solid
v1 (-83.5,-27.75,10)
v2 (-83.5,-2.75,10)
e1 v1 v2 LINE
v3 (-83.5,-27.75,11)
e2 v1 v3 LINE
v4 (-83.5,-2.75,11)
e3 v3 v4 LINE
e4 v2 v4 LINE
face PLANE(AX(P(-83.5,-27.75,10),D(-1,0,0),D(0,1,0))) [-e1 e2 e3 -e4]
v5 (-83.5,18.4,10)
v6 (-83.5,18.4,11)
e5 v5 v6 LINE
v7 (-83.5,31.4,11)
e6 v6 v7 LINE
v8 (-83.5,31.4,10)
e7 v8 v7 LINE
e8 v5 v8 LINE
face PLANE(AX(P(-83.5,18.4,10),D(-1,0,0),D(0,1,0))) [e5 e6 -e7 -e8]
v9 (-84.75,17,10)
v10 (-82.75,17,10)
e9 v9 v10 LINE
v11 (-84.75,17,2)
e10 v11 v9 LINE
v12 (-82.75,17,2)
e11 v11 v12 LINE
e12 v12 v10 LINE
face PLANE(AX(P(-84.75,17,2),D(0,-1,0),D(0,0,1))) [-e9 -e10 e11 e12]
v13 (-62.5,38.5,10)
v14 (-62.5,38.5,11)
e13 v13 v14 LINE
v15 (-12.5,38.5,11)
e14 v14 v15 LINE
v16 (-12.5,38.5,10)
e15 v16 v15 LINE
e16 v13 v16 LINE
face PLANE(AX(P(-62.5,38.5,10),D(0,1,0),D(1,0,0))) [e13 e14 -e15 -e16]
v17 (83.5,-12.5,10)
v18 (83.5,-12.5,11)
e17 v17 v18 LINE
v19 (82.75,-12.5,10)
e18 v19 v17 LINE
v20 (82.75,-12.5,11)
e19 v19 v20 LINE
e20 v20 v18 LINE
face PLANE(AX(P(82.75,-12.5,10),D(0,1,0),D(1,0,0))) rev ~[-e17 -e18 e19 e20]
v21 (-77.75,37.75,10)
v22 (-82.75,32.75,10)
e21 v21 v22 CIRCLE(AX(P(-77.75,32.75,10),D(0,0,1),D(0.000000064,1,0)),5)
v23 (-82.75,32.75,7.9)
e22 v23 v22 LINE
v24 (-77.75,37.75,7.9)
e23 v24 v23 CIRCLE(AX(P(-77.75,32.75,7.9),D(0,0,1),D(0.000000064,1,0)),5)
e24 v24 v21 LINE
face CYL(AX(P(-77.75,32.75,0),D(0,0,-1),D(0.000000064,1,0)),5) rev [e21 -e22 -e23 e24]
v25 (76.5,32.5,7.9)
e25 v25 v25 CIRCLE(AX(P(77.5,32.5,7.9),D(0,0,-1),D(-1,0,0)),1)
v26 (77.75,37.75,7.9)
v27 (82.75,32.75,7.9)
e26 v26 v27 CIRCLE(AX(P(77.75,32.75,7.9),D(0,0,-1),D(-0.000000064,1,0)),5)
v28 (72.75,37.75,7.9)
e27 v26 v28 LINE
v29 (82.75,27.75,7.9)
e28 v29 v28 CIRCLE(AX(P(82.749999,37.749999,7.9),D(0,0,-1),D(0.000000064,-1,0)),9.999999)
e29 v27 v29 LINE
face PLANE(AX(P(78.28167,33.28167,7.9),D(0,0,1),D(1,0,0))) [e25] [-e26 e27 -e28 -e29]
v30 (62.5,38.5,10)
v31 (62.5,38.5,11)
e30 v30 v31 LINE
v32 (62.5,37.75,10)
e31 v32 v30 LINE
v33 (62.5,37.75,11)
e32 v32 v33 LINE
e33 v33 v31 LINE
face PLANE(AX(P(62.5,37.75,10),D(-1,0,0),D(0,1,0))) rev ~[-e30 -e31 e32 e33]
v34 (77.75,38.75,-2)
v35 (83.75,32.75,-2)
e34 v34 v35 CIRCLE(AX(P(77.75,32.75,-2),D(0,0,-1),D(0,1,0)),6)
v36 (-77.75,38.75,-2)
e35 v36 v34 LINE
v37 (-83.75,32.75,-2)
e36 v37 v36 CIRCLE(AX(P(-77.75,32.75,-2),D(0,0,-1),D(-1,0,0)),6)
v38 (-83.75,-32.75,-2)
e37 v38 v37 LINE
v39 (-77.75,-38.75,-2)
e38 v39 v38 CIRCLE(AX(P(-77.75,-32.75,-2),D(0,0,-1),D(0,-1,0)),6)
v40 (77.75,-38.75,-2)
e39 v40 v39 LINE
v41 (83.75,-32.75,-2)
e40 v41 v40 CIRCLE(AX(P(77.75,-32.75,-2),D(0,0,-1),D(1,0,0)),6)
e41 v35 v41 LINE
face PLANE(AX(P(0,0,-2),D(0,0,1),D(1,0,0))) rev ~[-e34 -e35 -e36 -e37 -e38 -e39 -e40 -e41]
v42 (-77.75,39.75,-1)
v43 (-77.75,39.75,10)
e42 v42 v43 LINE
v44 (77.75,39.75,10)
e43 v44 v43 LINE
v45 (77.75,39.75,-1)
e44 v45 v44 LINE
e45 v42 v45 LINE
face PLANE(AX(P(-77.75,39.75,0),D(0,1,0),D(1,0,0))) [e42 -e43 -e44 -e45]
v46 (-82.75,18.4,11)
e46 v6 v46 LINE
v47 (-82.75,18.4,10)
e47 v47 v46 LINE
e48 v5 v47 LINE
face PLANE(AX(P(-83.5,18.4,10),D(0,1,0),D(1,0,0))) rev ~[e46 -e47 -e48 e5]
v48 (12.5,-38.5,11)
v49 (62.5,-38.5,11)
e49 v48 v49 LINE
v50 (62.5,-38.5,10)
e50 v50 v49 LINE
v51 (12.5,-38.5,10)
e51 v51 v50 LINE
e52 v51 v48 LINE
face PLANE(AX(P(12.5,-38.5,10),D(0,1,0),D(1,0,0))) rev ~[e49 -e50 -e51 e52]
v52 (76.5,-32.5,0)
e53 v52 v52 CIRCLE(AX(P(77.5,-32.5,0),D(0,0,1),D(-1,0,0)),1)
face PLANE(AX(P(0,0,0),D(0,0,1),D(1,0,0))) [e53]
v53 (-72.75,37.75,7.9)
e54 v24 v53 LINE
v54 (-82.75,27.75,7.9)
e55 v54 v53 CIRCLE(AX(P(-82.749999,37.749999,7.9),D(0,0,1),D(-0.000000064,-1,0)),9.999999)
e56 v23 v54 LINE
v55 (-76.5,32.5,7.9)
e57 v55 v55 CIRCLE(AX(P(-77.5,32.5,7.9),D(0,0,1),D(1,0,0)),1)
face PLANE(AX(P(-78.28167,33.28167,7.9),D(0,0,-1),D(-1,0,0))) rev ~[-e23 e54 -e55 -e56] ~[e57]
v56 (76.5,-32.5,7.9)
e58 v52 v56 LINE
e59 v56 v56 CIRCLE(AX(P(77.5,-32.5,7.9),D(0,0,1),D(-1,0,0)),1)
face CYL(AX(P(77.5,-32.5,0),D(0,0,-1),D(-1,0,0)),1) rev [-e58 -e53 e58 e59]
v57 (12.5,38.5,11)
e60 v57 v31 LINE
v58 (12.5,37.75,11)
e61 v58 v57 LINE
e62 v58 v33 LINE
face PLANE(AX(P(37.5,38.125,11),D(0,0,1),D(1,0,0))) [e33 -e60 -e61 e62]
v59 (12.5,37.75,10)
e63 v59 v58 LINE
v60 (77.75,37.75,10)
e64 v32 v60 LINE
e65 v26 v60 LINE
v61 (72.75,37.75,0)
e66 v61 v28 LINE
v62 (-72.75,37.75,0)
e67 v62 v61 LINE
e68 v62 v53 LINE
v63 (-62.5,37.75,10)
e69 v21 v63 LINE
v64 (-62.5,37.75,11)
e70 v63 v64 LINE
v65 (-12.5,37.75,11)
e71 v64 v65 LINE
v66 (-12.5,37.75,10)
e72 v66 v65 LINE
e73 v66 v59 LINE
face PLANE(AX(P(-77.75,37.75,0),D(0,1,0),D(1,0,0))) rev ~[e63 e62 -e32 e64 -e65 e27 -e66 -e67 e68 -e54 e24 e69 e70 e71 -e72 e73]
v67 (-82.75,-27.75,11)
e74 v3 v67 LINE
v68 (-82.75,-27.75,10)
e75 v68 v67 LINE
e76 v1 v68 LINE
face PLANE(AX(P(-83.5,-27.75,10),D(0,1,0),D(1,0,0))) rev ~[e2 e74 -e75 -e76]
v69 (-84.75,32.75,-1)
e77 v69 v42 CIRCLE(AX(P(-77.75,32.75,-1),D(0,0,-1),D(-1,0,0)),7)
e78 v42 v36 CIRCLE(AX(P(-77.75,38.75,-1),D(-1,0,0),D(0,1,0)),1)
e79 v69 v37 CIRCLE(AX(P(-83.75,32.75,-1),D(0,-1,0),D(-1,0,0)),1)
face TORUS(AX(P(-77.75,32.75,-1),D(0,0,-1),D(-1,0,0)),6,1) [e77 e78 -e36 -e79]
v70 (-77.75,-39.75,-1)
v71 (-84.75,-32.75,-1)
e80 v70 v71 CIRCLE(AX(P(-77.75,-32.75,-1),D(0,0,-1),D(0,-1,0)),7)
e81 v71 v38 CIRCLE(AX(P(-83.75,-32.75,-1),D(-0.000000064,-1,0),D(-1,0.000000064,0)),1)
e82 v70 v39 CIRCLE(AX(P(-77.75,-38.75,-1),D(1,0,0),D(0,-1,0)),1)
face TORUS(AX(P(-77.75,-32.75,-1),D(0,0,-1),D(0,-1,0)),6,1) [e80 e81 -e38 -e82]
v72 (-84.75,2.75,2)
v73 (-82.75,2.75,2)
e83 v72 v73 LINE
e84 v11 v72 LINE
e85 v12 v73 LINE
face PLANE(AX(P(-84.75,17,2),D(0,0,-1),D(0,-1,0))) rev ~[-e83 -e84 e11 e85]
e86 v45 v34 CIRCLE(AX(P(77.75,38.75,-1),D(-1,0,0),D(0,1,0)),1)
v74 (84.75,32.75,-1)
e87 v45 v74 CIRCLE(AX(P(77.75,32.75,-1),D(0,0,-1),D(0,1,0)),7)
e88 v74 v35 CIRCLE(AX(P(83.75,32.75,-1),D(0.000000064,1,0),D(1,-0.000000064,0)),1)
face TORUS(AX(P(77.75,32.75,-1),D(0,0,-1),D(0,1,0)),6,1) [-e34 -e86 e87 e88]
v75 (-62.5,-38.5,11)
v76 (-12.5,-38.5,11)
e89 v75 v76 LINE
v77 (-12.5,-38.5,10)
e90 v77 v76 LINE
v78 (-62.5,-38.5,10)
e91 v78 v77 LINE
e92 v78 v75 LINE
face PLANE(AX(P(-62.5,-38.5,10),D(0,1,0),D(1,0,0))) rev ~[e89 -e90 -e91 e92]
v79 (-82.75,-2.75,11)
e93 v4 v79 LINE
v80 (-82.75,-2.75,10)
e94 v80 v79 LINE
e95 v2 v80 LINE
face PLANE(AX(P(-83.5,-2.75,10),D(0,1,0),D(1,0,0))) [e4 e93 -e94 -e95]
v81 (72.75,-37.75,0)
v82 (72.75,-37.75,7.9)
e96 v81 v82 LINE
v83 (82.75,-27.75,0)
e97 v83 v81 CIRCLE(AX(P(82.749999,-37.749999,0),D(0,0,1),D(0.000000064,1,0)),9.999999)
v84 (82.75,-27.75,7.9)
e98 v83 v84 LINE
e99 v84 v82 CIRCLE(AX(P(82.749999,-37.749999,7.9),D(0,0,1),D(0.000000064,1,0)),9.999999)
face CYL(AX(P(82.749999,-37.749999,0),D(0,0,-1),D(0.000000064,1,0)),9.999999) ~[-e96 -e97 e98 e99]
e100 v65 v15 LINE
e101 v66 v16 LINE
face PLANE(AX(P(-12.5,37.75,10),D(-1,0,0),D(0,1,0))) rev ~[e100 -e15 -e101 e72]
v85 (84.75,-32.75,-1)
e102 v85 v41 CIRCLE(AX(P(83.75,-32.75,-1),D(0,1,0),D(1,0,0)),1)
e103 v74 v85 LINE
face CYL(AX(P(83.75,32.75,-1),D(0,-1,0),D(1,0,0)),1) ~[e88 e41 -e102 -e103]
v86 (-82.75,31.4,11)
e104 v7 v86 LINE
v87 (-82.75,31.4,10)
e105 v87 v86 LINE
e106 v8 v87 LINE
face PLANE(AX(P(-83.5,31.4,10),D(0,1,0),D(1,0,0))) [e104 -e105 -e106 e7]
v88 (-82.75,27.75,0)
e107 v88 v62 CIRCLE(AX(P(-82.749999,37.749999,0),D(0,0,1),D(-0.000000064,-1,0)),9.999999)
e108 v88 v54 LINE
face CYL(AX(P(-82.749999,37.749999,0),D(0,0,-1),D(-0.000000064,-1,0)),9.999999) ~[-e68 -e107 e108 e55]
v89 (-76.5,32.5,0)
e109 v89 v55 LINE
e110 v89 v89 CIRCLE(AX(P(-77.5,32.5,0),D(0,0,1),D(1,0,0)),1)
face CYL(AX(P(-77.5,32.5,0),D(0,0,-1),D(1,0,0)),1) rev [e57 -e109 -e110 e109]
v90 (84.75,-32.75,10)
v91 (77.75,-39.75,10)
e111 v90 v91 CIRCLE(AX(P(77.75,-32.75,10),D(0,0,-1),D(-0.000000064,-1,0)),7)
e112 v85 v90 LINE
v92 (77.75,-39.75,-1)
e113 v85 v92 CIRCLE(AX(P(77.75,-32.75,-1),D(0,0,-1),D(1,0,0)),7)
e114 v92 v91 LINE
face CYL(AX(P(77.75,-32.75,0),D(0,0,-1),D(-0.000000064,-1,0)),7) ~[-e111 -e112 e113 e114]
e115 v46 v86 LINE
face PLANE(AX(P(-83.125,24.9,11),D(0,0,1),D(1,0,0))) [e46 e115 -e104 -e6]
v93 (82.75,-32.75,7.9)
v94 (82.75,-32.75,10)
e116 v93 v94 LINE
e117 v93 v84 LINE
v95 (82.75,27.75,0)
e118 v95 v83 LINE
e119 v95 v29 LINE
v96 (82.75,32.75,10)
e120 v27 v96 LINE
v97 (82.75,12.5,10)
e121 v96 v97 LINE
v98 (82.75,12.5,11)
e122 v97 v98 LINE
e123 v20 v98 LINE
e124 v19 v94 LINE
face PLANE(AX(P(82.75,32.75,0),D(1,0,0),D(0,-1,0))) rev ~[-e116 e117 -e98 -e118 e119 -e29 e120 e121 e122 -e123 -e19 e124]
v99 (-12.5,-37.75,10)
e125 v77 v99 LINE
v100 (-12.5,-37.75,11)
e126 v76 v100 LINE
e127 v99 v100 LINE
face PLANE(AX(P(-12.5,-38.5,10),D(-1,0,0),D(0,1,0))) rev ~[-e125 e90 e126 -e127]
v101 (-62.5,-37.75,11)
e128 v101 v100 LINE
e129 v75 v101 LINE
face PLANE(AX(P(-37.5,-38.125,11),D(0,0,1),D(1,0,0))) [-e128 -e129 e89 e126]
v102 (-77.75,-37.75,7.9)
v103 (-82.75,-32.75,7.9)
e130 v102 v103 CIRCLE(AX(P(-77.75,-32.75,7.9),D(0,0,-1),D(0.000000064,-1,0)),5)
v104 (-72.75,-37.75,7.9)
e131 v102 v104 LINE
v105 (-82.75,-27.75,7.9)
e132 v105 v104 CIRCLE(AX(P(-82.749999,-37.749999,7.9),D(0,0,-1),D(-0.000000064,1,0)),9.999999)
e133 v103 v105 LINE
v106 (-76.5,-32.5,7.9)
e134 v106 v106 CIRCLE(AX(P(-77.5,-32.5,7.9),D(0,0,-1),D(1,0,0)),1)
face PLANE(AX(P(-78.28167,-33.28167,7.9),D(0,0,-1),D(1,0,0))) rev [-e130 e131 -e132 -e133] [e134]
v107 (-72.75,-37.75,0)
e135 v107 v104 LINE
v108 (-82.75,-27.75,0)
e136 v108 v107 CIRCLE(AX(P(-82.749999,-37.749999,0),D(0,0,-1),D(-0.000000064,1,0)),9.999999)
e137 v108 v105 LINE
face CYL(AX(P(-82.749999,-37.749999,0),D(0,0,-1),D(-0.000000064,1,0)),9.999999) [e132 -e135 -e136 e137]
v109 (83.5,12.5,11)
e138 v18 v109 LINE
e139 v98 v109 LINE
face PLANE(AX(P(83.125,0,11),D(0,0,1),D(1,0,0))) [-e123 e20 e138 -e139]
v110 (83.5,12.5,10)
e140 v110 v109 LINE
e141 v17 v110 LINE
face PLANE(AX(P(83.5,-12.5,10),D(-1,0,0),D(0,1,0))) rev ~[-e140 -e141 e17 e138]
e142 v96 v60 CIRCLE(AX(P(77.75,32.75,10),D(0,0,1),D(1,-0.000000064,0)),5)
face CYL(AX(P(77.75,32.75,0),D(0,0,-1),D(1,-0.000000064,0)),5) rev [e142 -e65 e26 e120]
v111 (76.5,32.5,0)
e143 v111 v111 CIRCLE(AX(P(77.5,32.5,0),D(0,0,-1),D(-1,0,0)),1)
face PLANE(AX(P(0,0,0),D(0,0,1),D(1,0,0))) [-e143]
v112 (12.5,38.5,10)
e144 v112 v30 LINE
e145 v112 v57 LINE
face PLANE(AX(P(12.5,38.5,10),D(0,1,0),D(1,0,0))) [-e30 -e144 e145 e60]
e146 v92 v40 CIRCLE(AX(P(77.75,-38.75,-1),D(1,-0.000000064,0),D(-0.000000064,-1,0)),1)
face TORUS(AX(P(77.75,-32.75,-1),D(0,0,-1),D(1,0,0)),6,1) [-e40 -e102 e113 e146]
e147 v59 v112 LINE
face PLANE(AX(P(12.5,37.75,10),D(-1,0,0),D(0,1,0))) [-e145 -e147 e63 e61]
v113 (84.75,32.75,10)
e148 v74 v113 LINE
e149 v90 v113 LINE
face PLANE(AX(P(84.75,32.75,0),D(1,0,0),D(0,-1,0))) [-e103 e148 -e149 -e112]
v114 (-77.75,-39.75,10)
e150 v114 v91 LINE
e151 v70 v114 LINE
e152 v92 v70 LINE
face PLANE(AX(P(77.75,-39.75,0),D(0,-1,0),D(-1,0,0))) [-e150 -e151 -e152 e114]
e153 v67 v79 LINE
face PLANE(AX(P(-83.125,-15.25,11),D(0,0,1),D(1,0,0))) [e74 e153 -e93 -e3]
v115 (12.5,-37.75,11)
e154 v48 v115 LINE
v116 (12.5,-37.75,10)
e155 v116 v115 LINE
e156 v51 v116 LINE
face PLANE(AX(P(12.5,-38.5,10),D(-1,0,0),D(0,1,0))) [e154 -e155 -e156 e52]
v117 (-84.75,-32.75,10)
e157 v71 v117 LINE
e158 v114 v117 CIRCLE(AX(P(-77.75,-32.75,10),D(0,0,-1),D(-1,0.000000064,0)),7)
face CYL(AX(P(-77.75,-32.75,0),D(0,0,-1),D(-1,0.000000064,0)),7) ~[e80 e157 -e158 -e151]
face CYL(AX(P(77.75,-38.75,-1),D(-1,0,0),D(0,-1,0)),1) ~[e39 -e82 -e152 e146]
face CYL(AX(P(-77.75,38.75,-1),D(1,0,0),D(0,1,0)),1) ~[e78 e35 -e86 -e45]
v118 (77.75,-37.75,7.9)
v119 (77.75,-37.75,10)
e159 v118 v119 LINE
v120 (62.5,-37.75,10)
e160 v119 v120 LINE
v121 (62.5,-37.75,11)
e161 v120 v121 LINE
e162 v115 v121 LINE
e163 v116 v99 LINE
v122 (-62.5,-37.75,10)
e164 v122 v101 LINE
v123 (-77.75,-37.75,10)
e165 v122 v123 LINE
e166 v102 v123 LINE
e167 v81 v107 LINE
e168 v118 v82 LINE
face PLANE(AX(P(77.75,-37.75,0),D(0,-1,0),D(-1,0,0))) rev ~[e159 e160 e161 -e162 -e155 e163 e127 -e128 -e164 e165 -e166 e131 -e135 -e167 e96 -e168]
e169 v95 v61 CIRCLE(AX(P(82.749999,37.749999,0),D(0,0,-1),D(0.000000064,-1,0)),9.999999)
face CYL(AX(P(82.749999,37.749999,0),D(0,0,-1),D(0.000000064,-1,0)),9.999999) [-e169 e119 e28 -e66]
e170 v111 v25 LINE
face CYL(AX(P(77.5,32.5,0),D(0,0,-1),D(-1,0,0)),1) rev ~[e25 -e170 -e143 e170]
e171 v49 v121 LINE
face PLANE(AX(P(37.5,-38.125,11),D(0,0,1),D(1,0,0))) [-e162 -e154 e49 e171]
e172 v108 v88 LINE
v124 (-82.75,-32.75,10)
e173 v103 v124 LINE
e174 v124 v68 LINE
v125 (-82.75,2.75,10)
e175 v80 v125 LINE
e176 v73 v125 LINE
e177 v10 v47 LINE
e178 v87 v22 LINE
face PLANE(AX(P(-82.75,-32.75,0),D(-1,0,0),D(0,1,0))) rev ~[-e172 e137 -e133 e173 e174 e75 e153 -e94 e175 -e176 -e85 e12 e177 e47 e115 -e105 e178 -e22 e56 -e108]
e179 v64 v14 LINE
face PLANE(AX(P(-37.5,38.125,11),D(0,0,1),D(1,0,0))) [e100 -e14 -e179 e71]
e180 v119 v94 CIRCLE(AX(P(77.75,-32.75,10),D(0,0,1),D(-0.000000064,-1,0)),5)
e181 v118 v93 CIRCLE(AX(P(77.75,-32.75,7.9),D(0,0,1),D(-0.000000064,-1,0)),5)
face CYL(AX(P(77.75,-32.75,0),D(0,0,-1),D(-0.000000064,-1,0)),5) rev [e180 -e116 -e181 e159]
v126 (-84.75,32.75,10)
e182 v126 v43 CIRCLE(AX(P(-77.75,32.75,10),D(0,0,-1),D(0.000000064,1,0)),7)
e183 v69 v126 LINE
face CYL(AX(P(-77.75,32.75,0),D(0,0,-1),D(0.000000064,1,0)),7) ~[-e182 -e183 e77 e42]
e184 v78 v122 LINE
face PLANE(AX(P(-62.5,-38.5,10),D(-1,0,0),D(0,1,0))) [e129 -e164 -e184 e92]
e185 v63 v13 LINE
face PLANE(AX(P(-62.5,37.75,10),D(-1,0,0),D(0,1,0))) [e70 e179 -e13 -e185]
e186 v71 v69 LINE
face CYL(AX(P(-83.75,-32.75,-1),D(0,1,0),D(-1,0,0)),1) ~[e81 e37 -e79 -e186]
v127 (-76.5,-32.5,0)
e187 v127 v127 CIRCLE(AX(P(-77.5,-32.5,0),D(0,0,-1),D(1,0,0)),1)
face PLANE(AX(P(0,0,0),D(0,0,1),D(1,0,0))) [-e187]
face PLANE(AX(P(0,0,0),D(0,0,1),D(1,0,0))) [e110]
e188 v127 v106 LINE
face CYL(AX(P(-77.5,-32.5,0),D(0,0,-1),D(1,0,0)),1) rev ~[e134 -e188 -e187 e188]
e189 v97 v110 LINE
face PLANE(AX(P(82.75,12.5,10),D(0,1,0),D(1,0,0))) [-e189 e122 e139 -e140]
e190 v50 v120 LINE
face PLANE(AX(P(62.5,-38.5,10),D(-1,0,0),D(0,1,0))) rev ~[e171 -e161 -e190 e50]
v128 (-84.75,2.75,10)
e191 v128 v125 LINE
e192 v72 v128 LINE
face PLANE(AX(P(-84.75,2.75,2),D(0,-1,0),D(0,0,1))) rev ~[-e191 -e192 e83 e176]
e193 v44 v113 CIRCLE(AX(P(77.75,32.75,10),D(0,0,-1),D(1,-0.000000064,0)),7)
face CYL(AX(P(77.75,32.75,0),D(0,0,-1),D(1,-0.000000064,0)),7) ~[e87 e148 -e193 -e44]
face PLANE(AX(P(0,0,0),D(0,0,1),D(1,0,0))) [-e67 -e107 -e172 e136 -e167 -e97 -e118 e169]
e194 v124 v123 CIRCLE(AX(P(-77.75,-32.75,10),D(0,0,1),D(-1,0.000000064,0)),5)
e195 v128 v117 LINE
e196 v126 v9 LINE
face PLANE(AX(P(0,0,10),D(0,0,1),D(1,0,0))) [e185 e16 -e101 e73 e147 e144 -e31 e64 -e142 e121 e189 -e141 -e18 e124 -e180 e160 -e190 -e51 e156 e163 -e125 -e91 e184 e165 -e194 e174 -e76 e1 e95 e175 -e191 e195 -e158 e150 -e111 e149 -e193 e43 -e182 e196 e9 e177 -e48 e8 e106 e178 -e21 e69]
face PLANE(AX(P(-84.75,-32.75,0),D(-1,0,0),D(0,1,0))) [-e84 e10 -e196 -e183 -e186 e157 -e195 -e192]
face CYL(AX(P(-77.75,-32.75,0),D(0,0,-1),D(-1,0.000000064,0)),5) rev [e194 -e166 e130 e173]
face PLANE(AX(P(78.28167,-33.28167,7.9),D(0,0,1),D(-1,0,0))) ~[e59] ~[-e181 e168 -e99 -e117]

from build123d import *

# Parameters (mm, degrees)
PAD_DEPTH               = 10
THICKNESS_T             = 2
SKETCH001_R             = 1
PAD001_DEPTH            = 7.9
SKETCH001_MIRRORED_2_R  = 1
PAD001_MIRRORED_2_DEPTH = 7.9
SKETCH003_W             = 14.25
SKETCH003_H             = 8
POCKET_DEPTH            = 5
FILLET_R                = 1
SKETCH004_W             = 50
SKETCH004_H             = 0.75
SKETCH004_W_2           = 0.75
SKETCH004_H_2           = 25
SKETCH004_H_3           = 13
PAD002_DEPTH            = 1


with BuildPart() as part:
    # Sketch → Pad (new body)
    with BuildSketch(Plane.XY):
        with BuildLine():
            ThreePointArc((-77.75, 37.75), (-81.285534, 36.285534), (-82.75, 32.75))
            Line((-82.75, -32.75), (-82.75, 32.75))
            ThreePointArc((-82.75, -32.75), (-81.285534, -36.285534), (-77.75, -37.75))
            Line((77.75, -37.75), (-77.75, -37.75))
            ThreePointArc((77.75, -37.75), (81.285534, -36.285534), (82.75, -32.75))
            Line((82.75, 32.75), (82.75, -32.75))
            ThreePointArc((82.75, 32.75), (81.285534, 36.285534), (77.75, 37.75))
            Line((-77.75, 37.75), (77.75, 37.75))
        make_face()
    extrude(amount=PAD_DEPTH)

    # Thickness
    thickness_openings = [part.faces().sort_by_distance(p)[0] for p in [
        (0, 0, 10),
    ]]
    offset(amount=THICKNESS_T, openings=thickness_openings, kind=Kind.INTERSECTION)

    # Sketch001 (on Face9 of Thickness) → Pad001 (join)
    with BuildSketch(Plane.XY):
        with BuildLine():
            Line((-77.75, 37.75), (-72.75, 37.75))
            ThreePointArc((-82.75, 27.75), (-75.678932, 30.678932), (-72.75, 37.75))
            Line((-82.75, 32.75), (-82.75, 27.75))
            ThreePointArc((-77.75, 37.75), (-81.285534, 36.285534), (-82.75, 32.75))
        make_face()
        with Locations((-77.5, 32.5)):
            Circle(SKETCH001_R, mode=Mode.SUBTRACT)
    pad001 = extrude(amount=PAD001_DEPTH)

    # Sketch001 Mirrored 2 → Pad001 Mirrored 2 (add)
    with BuildSketch(Plane(origin=(0, 0, 0), x_dir=(-1, 0, 0), z_dir=(0, 0, -1))):
        with BuildLine():
            Line((-77.75, 37.75), (-72.75, 37.75))
            ThreePointArc((-82.75, 27.75), (-75.678932, 30.678932), (-72.75, 37.75))
            Line((-82.75, 32.75), (-82.75, 27.75))
            ThreePointArc((-77.75, 37.75), (-81.285534, 36.285534), (-82.75, 32.75))
        make_face()
        with Locations((-77.5, 32.5)):
            Circle(SKETCH001_MIRRORED_2_R, mode=Mode.SUBTRACT)
    pad001_mirrored_2 = extrude(amount=-PAD001_MIRRORED_2_DEPTH)

    # Mirrored001: Pad001, Pad001 Mirrored 2 across Sketch001 H_Axis
    add(pad001.mirror(Plane.ZX))
    add(pad001_mirrored_2.mirror(Plane.ZX))

    # Sketch003 (on Face19 of MultiTransform) → Pocket (cut)
    with BuildSketch(Plane(origin=(-84.75, 0, 0), x_dir=(0, -1, 0), z_dir=(-1, 0, 0))):
        with Locations((-9.875, 6)):
            Rectangle(SKETCH003_W, SKETCH003_H)
    extrude(amount=-POCKET_DEPTH, mode=Mode.SUBTRACT)

    # Fillet
    fillet_edges = [part.edges().sort_by_distance(p)[0] for p in [
        (0, 39.75, -2),
        (82.699747, 37.699747, -2),
        (84.75, 0, -2),
        (82.699747, -37.699747, -2),
        (0, -39.75, -2),
        (-82.699747, -37.699747, -2),
        (-84.75, 0, -2),
        (-82.699747, 37.699747, -2),
    ]]
    fillet(fillet_edges, radius=FILLET_R)

    # Sketch004 (on Face4 of Fillet) → Pad002 (join)
    with BuildSketch(Plane.XY.offset(10)):
        with Locations((-37.5, 38.125)):
            Rectangle(SKETCH004_W, SKETCH004_H)
        with Locations((37.5, 38.125)):
            Rectangle(SKETCH004_W, SKETCH004_H)
        with Locations((83.125, 0)):
            Rectangle(SKETCH004_W_2, SKETCH004_H_2)
        with Locations((-37.5, -38.125)):
            Rectangle(SKETCH004_W, SKETCH004_H)
        with Locations((37.5, -38.125)):
            Rectangle(SKETCH004_W, SKETCH004_H)
        with Locations((-83.125, -15.25)):
            Rectangle(SKETCH004_W_2, SKETCH004_H_2)
        with Locations((-83.125, 24.9)):
            Rectangle(SKETCH004_W_2, SKETCH004_H_3)
    extrude(amount=PAD002_DEPTH)


solid = part.part
